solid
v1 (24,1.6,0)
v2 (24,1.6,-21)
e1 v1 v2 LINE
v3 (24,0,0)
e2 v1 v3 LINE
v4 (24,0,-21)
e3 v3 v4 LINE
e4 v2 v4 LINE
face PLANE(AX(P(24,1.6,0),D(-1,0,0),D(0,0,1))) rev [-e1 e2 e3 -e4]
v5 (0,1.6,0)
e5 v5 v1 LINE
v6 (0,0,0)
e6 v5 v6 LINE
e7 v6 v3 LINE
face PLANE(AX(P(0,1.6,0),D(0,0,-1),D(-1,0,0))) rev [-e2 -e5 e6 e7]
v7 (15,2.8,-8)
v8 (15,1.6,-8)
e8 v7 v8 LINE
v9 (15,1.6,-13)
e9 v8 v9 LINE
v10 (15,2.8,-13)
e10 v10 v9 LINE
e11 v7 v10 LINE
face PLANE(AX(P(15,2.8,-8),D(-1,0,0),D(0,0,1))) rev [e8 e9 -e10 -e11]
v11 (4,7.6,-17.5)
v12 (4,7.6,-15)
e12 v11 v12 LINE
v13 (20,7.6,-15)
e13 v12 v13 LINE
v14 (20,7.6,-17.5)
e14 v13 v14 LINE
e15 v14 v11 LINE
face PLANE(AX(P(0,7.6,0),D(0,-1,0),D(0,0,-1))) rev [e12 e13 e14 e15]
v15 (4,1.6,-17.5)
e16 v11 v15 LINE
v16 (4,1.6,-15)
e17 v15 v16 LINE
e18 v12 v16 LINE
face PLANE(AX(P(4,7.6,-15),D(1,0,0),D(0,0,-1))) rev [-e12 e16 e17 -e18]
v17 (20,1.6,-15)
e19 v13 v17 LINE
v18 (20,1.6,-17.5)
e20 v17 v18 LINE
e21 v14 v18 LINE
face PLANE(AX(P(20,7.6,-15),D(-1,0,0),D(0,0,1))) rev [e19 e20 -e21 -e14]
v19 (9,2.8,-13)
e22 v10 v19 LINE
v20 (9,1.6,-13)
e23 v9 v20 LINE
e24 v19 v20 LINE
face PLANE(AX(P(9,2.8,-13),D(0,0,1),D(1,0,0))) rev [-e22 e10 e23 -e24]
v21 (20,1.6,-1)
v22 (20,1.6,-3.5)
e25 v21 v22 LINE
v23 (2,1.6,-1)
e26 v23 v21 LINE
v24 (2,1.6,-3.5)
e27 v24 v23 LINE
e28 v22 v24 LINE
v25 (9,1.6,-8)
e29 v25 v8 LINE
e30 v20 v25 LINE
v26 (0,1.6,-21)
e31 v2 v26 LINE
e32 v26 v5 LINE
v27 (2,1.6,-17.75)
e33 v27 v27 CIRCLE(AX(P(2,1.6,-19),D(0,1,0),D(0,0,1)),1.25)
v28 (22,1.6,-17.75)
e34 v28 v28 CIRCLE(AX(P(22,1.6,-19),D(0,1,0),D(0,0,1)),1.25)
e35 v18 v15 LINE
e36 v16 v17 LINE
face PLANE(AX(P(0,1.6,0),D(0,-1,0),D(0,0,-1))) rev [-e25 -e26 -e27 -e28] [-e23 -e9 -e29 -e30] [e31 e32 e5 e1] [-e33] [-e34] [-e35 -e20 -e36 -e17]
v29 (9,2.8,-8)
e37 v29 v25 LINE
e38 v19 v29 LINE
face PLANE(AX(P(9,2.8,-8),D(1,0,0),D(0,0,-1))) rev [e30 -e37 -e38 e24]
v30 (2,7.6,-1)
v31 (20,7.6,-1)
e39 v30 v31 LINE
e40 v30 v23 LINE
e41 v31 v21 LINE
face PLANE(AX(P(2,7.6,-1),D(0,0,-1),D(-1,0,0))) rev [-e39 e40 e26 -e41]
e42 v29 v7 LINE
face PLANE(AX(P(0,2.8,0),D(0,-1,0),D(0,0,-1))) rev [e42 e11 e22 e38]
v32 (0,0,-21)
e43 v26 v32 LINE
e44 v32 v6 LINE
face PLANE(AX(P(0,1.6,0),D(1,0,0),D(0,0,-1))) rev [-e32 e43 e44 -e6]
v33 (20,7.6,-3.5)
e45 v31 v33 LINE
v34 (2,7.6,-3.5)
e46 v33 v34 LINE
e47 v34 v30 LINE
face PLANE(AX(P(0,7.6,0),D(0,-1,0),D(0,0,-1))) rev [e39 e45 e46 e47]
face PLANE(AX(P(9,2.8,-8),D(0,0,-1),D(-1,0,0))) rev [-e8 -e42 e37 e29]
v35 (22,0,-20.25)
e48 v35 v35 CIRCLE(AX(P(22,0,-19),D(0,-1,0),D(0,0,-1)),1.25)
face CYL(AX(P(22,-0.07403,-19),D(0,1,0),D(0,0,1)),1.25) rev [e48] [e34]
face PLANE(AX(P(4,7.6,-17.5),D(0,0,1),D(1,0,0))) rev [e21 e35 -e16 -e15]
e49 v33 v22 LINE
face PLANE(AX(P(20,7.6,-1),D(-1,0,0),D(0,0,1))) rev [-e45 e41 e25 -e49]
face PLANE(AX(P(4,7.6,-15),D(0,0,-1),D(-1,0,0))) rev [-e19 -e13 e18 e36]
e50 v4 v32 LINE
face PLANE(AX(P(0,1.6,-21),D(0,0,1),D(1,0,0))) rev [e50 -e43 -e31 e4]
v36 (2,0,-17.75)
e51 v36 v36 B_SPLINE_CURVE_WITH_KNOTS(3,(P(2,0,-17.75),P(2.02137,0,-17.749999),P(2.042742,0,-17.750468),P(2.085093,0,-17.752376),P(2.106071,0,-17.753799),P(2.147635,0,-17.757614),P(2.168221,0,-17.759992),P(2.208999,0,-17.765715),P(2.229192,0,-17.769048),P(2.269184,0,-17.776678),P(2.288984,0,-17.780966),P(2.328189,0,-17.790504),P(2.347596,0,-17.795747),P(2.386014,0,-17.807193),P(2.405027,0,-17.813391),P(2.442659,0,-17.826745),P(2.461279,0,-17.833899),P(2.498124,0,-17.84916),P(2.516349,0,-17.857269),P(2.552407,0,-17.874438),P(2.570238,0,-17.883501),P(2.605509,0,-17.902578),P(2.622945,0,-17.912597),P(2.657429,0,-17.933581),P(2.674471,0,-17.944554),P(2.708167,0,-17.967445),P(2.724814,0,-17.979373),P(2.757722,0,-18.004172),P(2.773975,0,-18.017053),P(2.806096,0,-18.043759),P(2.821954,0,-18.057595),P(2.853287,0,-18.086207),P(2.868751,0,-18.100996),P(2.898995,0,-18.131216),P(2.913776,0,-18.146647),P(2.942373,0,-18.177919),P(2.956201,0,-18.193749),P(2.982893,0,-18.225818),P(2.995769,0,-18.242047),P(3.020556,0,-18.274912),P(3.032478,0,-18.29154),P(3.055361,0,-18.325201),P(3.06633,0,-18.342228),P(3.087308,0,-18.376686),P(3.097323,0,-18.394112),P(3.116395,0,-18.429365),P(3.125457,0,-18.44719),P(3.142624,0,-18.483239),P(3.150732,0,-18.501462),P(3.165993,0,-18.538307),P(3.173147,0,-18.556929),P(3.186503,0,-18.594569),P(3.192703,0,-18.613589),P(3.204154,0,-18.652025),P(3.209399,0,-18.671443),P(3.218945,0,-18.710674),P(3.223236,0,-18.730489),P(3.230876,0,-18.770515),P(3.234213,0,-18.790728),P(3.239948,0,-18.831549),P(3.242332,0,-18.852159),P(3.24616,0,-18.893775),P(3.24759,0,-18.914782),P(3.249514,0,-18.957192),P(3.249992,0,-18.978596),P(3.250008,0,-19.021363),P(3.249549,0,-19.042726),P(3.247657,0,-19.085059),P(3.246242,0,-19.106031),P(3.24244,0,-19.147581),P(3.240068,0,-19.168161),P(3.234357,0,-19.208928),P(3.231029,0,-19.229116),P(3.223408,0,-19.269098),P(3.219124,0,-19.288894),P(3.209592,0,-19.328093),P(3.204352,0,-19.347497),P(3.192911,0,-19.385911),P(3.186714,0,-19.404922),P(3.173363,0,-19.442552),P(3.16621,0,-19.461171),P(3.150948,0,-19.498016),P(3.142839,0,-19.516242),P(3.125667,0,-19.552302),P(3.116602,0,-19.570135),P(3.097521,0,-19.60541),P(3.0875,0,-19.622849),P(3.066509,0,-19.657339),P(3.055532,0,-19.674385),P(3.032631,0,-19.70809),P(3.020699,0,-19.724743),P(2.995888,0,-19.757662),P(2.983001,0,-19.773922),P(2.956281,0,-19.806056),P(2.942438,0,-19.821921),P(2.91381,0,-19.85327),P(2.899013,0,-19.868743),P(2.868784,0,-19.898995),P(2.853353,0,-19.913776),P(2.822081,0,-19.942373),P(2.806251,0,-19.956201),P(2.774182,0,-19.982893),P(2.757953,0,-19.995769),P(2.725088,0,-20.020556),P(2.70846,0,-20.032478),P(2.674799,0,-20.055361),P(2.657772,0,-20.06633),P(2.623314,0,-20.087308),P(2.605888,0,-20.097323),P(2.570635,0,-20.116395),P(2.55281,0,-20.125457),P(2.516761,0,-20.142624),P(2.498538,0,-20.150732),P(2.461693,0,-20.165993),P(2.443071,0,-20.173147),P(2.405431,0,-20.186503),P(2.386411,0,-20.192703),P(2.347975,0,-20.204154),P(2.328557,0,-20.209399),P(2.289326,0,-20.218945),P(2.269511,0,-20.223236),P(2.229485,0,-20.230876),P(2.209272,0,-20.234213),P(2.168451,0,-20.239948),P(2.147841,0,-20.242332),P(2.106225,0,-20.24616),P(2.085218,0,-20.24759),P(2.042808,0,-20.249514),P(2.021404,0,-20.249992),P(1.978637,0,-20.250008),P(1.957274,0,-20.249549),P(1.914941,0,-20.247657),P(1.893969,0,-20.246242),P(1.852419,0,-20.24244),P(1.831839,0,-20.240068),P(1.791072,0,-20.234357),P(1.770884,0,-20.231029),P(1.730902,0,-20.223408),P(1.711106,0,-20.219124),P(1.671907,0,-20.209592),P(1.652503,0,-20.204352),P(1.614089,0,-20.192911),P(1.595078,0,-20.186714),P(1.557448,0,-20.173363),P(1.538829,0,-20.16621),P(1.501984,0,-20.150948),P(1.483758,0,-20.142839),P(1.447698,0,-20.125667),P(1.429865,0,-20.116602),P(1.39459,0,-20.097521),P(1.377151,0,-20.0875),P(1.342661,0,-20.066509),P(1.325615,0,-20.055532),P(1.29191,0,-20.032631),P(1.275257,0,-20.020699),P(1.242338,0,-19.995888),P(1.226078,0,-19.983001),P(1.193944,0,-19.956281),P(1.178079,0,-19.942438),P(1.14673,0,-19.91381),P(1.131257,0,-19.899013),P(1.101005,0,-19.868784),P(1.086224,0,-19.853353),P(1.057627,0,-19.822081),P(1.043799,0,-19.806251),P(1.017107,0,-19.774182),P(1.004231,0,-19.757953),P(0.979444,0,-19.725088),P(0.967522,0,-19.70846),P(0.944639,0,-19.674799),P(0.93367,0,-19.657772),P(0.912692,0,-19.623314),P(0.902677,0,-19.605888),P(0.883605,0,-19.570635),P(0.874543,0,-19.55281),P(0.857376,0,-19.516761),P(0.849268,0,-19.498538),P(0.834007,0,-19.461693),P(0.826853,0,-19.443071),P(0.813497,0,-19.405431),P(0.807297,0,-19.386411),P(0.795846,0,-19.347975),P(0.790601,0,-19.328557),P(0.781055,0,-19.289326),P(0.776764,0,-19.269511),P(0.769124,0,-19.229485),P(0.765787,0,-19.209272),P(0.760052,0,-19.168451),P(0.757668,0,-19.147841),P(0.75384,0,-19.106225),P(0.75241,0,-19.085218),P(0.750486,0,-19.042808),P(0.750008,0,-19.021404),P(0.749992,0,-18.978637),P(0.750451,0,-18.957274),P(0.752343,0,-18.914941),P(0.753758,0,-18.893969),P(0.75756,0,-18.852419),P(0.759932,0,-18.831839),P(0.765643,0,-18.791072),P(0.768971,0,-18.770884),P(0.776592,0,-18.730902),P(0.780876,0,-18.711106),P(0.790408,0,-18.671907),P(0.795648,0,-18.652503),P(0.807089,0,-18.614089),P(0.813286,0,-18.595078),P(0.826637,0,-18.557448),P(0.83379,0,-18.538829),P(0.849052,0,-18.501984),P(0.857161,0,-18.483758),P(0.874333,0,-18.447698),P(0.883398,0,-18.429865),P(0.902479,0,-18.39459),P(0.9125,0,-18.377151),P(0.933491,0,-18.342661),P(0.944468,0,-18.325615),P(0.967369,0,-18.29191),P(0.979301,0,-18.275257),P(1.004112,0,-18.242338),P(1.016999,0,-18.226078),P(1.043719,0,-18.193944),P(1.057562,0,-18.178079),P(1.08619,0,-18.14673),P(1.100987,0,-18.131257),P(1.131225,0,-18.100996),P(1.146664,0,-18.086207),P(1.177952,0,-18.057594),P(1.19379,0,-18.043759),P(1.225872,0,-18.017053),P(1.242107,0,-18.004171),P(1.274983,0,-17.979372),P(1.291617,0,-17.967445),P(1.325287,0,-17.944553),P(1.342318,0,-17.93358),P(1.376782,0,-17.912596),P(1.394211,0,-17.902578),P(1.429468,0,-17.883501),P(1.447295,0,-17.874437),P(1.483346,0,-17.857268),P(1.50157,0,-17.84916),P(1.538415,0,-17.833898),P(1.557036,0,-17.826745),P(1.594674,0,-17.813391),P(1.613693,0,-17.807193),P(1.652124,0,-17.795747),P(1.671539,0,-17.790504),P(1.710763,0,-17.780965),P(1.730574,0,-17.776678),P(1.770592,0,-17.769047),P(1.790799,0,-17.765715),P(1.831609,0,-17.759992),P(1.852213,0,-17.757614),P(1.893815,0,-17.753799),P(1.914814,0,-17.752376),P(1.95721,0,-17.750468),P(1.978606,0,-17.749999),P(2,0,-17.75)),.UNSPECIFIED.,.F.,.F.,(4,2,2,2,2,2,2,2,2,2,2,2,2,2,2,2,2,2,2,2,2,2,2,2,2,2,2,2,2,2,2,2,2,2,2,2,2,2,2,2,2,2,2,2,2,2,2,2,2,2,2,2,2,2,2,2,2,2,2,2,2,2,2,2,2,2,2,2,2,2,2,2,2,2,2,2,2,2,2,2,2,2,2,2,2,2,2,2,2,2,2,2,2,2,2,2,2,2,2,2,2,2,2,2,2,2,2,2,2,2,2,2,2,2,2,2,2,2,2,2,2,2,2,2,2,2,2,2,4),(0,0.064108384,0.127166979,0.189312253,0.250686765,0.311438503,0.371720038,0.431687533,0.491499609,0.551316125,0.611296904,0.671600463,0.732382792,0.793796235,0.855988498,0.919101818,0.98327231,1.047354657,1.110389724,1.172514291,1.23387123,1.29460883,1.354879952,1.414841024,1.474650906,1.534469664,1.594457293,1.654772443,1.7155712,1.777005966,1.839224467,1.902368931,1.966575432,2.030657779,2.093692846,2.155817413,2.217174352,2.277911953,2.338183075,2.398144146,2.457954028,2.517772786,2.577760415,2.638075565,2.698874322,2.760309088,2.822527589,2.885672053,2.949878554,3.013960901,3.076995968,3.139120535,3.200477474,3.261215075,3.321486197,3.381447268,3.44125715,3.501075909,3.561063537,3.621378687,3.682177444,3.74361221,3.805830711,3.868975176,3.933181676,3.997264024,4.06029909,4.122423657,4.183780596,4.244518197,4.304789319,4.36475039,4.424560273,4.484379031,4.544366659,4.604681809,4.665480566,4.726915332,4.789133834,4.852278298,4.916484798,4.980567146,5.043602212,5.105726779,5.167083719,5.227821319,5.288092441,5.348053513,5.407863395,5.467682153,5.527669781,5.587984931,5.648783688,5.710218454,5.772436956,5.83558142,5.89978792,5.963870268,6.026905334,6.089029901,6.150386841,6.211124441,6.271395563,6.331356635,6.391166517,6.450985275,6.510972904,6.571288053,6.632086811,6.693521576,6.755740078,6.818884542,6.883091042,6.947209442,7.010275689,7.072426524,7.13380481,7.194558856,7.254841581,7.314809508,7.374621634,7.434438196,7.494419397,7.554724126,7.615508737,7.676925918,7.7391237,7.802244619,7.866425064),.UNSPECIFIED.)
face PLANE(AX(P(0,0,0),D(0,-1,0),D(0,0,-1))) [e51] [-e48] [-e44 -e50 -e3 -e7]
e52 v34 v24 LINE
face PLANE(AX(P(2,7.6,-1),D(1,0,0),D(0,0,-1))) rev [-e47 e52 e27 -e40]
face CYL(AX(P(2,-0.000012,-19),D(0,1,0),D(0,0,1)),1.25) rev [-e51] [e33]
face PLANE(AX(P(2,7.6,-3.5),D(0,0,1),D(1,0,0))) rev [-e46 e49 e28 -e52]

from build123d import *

# Parameters (mm, degrees)
SKETCH1_W               = 24
SKETCH1_H               = 21
PCB_DEPTH               = 1.6
MOUNT_HOLE_1_DEPTH      = 32.930549635
MOUNT_HOLE_1_DEPTH_BACK = 32.930549635
SKETCH2_R               = 1.25
MOUNT_HOLE_2_DEPTH      = 32.930549635
MOUNT_HOLE_2_DEPTH_BACK = 32.930549635
SKETCH3_R               = 1.25
MX1508_IC_START         = 1.6
SKETCH4_W               = 6
SKETCH4_H               = 5
MX1508_IC_DEPTH         = 1.2
PINS_IN_START           = 1.6
SKETCH5_W               = 18
SKETCH5_H               = 2.5
PINS_IN_DEPTH           = 6
PINS_OUT_START          = 1.6
SKETCH6_W               = 16
SKETCH6_H               = 2.5
PINS_OUT_DEPTH          = 6


with BuildPart() as part:
    # Sketch1 → PCB (new body)
    with BuildSketch(Plane(origin=(0, 0, 0), x_dir=(1, 0, 0), z_dir=(0, 1, 0))):
        with Locations((12, 10.5)):
            Rectangle(SKETCH1_W, SKETCH1_H)
    extrude(amount=PCB_DEPTH)

    # Sketch2 → Mount_hole_1 (cut, two sides: drawn at the far end of the back side and taken through both)
    with BuildSketch(Plane(origin=(0, 0, 0), x_dir=(1, 0, 0), z_dir=(0, 1, 0)).offset(-MOUNT_HOLE_1_DEPTH_BACK)):
        with Locations(Location((2, 19, 0), (0, 0, 270))):
            Circle(SKETCH2_R)
    extrude(amount=MOUNT_HOLE_1_DEPTH + MOUNT_HOLE_1_DEPTH_BACK, mode=Mode.SUBTRACT)

    # Sketch3 → Mount_hole_2 (cut, two sides: drawn at the far end of the back side and taken through both)
    with BuildSketch(Plane(origin=(0, 0, 0), x_dir=(1, 0, 0), z_dir=(0, 1, 0)).offset(-MOUNT_HOLE_2_DEPTH_BACK)):
        with Locations(Location((22, 19, 0), (0, 0, 270))):
            Circle(SKETCH3_R)
    extrude(amount=MOUNT_HOLE_2_DEPTH + MOUNT_HOLE_2_DEPTH_BACK, mode=Mode.SUBTRACT)

    # Sketch4 → MX1508_IC (add)
    with BuildSketch(Plane(origin=(0, 0, 0), x_dir=(1, 0, 0), z_dir=(0, 1, 0)).offset(MX1508_IC_START)):
        with Locations((12, 10.5)):
            Rectangle(SKETCH4_W, SKETCH4_H)
    extrude(amount=MX1508_IC_DEPTH)

    # Sketch5 → Pins_in (add)
    with BuildSketch(Plane(origin=(0, 0, 0), x_dir=(1, 0, 0), z_dir=(0, 1, 0)).offset(PINS_IN_START)):
        with Locations((11, 2.25)):
            Rectangle(SKETCH5_W, SKETCH5_H)
    extrude(amount=PINS_IN_DEPTH)

    # Sketch6 → Pins_out (add)
    with BuildSketch(Plane(origin=(0, 0, 0), x_dir=(1, 0, 0), z_dir=(0, 1, 0)).offset(PINS_OUT_START)):
        with Locations((12, 16.25)):
            Rectangle(SKETCH6_W, SKETCH6_H)
    extrude(amount=PINS_OUT_DEPTH)


solid = part.part
